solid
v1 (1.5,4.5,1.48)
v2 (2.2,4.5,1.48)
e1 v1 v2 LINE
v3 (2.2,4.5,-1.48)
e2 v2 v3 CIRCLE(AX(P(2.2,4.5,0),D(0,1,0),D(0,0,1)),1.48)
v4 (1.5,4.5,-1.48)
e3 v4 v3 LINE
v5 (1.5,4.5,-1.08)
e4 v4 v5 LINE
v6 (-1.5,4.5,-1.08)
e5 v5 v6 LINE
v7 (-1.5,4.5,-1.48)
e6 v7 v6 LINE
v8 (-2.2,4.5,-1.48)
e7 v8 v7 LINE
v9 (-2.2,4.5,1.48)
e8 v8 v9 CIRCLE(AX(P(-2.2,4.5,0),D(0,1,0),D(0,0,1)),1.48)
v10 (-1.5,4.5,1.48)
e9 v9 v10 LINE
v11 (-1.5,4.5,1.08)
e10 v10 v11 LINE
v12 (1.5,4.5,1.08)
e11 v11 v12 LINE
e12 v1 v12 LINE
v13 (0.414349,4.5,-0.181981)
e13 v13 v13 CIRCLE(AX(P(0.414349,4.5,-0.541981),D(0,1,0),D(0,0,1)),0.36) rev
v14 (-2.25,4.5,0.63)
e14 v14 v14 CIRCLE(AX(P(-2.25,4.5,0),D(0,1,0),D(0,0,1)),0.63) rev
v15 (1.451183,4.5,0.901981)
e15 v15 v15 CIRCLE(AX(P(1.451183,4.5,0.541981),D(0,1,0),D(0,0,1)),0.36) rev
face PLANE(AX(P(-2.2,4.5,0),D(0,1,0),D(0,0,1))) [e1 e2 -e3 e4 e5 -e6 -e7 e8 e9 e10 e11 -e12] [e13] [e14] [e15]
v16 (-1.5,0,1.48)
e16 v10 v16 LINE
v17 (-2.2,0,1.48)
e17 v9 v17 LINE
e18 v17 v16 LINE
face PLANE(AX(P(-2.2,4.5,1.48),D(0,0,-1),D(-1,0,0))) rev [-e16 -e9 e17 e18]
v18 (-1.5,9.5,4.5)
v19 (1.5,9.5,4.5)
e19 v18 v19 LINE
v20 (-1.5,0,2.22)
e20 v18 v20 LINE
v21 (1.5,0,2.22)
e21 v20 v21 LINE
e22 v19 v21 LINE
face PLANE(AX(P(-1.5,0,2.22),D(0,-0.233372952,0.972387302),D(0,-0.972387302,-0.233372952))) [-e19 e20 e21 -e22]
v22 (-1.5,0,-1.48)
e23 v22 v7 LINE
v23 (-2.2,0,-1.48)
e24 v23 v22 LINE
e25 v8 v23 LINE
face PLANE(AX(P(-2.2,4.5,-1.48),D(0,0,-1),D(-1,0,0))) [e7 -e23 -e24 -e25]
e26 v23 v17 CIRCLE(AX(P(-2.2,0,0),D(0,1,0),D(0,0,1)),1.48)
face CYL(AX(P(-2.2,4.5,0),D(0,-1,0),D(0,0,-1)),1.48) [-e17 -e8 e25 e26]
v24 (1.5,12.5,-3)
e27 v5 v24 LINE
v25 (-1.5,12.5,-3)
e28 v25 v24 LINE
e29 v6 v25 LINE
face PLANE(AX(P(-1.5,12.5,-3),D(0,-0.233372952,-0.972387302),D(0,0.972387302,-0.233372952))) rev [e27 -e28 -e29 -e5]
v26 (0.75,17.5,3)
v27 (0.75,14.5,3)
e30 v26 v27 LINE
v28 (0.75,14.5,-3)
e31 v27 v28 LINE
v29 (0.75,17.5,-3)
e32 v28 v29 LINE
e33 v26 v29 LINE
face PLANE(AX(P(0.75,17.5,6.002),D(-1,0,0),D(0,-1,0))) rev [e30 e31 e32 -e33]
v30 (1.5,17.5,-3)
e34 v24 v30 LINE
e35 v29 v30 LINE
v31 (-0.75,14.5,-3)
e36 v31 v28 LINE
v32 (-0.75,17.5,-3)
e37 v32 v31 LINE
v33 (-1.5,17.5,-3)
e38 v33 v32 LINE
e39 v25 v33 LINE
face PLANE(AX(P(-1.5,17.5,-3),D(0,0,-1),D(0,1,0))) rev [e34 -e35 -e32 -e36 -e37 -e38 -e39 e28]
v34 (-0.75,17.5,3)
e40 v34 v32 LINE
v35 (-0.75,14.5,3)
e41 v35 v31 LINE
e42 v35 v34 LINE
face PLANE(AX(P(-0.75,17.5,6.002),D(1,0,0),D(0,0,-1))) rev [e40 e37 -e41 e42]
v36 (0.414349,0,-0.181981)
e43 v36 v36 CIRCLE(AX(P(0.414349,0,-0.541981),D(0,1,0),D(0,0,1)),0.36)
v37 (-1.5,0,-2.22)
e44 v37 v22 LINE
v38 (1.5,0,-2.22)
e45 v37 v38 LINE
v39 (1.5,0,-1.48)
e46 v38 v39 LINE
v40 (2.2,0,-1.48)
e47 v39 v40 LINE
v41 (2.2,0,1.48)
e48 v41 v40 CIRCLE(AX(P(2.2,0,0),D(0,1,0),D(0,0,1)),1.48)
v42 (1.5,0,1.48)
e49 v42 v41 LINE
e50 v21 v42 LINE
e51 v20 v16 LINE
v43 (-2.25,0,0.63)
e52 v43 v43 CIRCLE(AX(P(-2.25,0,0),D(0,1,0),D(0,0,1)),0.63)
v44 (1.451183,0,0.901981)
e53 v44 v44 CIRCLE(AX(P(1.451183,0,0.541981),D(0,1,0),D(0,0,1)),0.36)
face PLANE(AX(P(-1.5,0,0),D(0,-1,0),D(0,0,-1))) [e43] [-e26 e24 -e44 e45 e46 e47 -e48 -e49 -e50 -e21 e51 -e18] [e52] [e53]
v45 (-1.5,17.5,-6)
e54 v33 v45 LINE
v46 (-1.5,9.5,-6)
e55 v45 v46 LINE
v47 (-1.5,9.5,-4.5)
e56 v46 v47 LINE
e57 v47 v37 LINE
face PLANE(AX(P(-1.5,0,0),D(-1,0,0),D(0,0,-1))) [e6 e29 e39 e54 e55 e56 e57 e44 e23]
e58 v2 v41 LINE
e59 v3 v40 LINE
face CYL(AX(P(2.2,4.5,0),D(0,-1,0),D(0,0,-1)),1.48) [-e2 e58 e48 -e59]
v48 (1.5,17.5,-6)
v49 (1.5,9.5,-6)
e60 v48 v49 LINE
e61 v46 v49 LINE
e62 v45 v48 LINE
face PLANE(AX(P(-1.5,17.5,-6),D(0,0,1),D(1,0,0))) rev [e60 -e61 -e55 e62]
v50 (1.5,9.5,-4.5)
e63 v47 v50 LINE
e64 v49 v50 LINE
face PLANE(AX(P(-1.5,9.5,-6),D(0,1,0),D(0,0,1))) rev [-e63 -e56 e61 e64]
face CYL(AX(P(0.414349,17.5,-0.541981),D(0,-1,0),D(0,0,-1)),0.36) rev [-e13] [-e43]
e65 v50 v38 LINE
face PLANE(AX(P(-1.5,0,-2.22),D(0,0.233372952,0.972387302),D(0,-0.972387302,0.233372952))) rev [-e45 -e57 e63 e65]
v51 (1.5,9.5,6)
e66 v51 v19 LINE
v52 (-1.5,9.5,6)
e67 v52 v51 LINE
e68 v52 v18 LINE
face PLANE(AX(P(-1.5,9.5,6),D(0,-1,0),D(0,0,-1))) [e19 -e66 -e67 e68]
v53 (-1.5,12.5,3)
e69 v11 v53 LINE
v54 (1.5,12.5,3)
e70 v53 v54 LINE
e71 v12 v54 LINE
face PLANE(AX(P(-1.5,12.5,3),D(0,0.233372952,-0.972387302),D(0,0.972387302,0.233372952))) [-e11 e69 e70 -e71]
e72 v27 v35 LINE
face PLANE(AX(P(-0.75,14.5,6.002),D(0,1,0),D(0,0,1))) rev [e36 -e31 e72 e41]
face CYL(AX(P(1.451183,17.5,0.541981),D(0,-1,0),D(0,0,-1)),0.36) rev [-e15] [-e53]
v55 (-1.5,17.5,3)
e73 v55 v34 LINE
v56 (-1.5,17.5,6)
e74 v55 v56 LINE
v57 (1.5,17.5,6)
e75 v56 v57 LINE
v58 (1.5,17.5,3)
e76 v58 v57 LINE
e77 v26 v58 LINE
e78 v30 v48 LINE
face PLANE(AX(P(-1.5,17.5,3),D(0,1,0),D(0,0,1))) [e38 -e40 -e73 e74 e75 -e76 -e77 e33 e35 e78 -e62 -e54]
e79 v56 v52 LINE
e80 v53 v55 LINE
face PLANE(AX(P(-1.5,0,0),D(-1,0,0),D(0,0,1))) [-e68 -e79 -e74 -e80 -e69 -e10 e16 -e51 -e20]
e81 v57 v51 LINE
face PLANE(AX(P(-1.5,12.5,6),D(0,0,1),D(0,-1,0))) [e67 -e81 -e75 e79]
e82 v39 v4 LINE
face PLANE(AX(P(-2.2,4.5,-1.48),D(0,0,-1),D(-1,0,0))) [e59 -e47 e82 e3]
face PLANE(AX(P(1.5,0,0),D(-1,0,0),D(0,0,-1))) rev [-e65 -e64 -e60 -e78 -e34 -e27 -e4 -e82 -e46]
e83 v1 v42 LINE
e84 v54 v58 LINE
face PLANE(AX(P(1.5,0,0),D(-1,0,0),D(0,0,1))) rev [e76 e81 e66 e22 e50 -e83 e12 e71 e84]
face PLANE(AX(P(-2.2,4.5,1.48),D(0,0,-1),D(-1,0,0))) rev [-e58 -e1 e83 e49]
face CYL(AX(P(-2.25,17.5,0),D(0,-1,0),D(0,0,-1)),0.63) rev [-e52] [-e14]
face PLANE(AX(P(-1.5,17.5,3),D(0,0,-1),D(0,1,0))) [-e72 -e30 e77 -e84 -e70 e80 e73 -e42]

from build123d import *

# Parameters (mm, degrees)
BOSS_EXTRUDE2_DEPTH = 1.5
BOSS_EXTRUDE3_DEPTH = 4.5
SKETCH1_3_R         = 0.63
SKETCH1_3_R_2       = 0.36
CUT_EXTRUDE2_DEPTH  = 19.862460073
BOSS_EXTRUDE4_REACH = 22.02
SKETCH3_W           = 1.5
SKETCH3_H           = 3


with BuildPart() as part:
    # Sketch2 → Boss-Extrude2 (new, symmetric)
    with BuildSketch(Plane(origin=(0, 0, 0), x_dir=(0, 0, -1), z_dir=(1, 0, 0))):
        Polygon((-6, 12.5), (-6, 9.5), (-4.5, 9.5), (-2.22, 0), (0, 0), (-3, 12.5), (-3, 17.5), (-6, 17.5), align=None)
    boss_extrude2 = extrude(amount=BOSS_EXTRUDE2_DEPTH, both=True)

    # Sketch1 → Boss-Extrude3 (add)
    with BuildSketch(Plane(origin=(0, 0, 0), x_dir=(1, 0, 0), z_dir=(0, 1, 0))):
        with BuildLine():
            Line((-2.2, 1.48), (2.2, 1.48))
            ThreePointArc((2.2, 1.48), (3.68, 0), (2.2, -1.48))
            Line((2.2, -1.48), (-2.2, -1.48))
            ThreePointArc((-2.2, -1.48), (-3.68, 0), (-2.2, 1.48))
        make_face()
    extrude(amount=BOSS_EXTRUDE3_DEPTH)

    # Mirror1: Boss-Extrude2 across plane
    add(boss_extrude2.mirror(Plane.XY))

    # Sketch1<3> → Cut-Extrude2 (cut, through all)
    with BuildSketch(Plane(origin=(0, 0, 0), x_dir=(1, 0, 0), z_dir=(0, 1, 0))):
        with Locations((-2.25, 0)):
            Circle(SKETCH1_3_R)
        with Locations((0.414349108, 0.541981393)):
            Circle(SKETCH1_3_R_2)
        with Locations((1.451183077, -0.541981393)):
            Circle(SKETCH1_3_R_2)
    extrude(amount=CUT_EXTRUDE2_DEPTH, mode=Mode.SUBTRACT)

    # Sketch3 → Boss-Extrude4 (add, up to next)
    with BuildSketch(Plane.XY.offset(-3), mode=Mode.PRIVATE) as boss_extrude4_sk1:
        with Locations((0, 16)):
            Rectangle(SKETCH3_W, SKETCH3_H)
    boss_extrude4_tool1 = extrude(boss_extrude4_sk1.sketch, amount=BOSS_EXTRUDE4_REACH, mode=Mode.PRIVATE) - part.part
    add(boss_extrude4_tool1.solids().sort_by_distance((0, 16, -3))[0])


solid = part.part
